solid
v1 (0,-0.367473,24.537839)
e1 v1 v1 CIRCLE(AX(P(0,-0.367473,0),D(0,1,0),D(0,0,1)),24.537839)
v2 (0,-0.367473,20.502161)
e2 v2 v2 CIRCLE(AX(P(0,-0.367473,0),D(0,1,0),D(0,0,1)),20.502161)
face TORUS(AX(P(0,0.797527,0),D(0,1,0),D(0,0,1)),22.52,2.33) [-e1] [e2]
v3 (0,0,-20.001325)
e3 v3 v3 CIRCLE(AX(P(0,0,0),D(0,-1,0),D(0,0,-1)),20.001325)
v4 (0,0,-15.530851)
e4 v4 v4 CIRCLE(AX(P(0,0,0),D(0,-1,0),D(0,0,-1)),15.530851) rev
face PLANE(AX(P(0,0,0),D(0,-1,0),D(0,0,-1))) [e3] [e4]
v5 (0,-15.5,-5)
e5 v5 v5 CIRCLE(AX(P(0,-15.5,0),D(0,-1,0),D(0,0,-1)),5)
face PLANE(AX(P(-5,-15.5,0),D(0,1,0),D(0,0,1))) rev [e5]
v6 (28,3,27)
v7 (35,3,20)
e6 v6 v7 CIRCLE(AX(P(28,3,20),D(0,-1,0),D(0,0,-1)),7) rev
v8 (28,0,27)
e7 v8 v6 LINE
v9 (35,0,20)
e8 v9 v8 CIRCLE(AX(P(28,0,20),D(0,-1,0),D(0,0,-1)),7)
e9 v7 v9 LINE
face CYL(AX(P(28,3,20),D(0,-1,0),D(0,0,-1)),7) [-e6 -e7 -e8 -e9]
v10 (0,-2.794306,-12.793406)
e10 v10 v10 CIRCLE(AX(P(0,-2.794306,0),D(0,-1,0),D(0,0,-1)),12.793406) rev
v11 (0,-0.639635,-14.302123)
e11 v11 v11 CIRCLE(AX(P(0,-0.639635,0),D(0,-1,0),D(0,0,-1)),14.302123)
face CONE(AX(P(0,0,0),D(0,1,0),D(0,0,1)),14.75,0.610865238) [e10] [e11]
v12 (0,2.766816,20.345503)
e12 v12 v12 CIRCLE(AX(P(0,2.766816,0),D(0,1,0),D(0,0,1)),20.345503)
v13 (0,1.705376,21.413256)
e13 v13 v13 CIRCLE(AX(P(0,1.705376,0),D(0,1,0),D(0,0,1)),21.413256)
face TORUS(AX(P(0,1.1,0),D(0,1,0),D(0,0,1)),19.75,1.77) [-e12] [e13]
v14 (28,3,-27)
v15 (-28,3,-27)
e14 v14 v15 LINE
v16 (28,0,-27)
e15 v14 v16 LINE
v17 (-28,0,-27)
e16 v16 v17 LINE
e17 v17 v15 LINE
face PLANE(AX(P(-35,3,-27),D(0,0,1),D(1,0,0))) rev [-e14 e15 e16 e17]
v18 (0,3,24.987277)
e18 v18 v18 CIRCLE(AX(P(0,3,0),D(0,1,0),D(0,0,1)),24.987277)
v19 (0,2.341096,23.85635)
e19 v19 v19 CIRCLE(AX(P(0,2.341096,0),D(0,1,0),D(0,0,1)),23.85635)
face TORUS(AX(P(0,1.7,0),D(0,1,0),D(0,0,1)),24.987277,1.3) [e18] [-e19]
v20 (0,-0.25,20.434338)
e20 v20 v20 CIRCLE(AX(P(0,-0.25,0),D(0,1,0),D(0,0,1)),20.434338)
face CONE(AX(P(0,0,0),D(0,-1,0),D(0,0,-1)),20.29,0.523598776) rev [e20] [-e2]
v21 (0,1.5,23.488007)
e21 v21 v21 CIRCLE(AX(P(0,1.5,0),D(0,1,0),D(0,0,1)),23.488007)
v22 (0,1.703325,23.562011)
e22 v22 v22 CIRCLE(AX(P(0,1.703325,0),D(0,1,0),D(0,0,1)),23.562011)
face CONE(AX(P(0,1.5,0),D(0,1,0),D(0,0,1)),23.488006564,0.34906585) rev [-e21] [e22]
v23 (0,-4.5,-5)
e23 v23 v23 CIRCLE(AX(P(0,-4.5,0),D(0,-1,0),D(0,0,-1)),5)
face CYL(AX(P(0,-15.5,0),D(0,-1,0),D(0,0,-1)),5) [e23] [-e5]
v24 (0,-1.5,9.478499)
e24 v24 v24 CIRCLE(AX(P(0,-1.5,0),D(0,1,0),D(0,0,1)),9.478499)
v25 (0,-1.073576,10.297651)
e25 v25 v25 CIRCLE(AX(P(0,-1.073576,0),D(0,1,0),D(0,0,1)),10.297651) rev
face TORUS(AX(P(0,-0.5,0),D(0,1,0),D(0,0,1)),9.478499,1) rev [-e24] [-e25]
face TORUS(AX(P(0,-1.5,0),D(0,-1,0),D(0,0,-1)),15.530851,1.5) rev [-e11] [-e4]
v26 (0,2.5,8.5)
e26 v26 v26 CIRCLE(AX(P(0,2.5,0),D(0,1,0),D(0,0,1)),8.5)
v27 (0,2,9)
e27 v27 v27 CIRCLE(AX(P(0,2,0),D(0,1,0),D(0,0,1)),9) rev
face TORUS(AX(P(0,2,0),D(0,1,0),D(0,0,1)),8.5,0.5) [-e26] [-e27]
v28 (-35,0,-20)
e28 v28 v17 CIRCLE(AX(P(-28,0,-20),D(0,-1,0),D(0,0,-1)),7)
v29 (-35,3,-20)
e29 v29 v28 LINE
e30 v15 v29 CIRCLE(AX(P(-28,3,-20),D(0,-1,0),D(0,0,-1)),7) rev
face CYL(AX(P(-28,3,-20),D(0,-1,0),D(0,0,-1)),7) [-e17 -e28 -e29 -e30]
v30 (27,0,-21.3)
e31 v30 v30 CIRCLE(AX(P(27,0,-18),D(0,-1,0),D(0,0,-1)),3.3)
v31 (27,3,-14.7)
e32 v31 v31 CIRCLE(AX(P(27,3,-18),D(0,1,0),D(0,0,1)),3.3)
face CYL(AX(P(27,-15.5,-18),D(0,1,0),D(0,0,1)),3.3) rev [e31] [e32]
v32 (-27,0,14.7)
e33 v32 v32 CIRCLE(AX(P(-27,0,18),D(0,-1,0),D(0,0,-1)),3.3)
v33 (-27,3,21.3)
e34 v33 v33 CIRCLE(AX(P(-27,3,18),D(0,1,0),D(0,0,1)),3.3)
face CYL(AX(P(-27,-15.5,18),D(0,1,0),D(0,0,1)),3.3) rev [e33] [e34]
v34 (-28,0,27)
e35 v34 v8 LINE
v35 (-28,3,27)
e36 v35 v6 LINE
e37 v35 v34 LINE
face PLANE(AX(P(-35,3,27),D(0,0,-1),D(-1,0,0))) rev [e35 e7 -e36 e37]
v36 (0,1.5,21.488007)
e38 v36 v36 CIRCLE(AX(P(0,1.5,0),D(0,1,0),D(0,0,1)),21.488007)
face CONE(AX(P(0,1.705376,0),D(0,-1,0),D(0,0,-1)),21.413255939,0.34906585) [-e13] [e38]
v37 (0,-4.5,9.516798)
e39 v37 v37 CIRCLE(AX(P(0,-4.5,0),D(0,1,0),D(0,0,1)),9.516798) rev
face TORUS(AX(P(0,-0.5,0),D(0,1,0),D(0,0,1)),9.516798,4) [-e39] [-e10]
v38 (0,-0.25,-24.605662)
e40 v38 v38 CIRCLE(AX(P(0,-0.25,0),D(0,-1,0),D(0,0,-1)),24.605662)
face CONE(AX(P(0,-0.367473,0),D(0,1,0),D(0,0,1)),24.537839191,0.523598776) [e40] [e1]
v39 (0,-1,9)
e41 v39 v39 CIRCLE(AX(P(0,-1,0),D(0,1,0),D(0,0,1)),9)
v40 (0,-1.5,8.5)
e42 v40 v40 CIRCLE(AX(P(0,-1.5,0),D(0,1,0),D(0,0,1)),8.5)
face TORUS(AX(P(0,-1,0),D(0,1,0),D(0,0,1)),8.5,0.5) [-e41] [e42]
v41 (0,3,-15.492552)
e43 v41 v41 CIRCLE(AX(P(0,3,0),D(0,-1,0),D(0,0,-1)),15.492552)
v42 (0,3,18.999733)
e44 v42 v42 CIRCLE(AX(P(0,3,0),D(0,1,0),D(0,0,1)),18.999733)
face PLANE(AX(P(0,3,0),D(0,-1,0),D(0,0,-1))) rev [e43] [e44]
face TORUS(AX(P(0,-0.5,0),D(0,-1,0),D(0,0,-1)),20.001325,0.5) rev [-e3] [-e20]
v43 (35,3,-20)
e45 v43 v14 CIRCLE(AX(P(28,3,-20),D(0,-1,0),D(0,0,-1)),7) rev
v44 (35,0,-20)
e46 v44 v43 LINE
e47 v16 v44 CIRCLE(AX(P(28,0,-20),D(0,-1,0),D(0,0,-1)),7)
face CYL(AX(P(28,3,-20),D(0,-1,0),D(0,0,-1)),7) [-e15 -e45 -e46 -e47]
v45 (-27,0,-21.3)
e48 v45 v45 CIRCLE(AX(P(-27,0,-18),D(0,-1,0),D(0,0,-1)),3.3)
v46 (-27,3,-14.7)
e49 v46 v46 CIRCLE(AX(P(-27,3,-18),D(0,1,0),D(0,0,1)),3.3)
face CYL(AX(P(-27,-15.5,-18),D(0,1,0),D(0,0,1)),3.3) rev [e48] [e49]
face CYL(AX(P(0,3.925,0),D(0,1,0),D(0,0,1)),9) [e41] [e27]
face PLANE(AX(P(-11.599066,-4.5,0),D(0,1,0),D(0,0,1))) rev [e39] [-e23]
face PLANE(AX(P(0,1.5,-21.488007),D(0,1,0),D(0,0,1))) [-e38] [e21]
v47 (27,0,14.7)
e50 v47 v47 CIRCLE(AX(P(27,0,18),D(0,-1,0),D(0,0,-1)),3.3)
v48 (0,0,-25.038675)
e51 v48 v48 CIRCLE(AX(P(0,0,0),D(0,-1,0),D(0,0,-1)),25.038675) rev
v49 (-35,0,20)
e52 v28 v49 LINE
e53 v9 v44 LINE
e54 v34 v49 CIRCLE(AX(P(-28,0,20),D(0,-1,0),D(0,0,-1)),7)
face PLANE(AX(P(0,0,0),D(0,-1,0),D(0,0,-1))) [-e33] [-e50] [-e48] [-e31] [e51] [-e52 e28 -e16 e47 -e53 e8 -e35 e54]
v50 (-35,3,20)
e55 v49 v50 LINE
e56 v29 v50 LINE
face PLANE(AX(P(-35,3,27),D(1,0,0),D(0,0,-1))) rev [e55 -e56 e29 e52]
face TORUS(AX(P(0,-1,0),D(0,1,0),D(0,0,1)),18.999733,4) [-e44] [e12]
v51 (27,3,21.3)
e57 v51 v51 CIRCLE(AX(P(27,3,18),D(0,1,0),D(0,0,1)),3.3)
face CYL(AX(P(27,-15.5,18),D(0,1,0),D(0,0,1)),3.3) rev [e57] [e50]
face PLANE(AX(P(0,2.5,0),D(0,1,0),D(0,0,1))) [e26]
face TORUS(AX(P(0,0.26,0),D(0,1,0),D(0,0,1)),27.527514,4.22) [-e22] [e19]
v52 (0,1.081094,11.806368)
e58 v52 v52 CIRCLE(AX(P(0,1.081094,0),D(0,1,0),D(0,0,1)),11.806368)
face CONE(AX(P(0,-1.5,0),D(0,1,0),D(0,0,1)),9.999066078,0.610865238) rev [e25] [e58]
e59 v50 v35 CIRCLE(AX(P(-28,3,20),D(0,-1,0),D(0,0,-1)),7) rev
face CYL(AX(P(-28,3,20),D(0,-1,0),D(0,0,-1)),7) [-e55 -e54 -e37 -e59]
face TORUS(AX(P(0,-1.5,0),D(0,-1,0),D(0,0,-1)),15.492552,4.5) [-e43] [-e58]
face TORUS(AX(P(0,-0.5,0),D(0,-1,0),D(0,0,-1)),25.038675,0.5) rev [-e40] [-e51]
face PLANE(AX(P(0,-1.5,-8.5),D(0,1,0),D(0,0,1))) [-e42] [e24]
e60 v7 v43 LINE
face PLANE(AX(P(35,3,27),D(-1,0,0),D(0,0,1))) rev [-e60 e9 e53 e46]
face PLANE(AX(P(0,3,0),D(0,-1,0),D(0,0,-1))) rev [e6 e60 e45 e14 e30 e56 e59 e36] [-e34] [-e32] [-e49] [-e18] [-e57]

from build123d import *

# Parameters (mm, degrees)
SKETCH1_W           = 70
SKETCH1_H           = 54
BOSS_EXTRUDE1_DEPTH = 3
FILLET1_R           = 4
FILLET2_R           = 1.5
FILLET3_R           = 7
SKETCH6_R           = 3.3
CUT_EXTRUDE1_DEPTH  = 19.5
FILLET4_R           = 4.5
FILLET5_R           = 1
FILLET6_R           = 0.5


with BuildPart() as part:
    # Sketch1 → Boss-Extrude1 (new body)
    with BuildSketch(Plane(origin=(0, 0, 0), x_dir=(1, 0, 0), z_dir=(0, 1, 0))):
        Rectangle(SKETCH1_W, SKETCH1_H)
    extrude(amount=BOSS_EXTRUDE1_DEPTH)

    # Sketch2 → Revolve1 (revolve)
    with BuildSketch(Plane.XY):
        Polygon((-14.75, 0), (-11.599066078, -4.5), (-5, -4.5), (-5, -15.5), (0, -15.5), (0, 0), align=None)
    revolve(axis=Axis((0, -15.5, 0), (0, 1, 0)))

    # Fillet1
    fillet1_edges = [part.edges().sort_by_distance(p)[0] for p in [
        (11.599066078, -4.5, 0),
    ]]
    fillet(fillet1_edges, radius=FILLET1_R)

    # Fillet2
    fillet2_edges = [part.edges().sort_by_distance(p)[0] for p in [
        (14.75, 0, 0),
    ]]
    fillet(fillet2_edges, radius=FILLET2_R)

    # Fillet3
    fillet3_edges = [part.edges().sort_by_distance(p)[0] for p in [
        (35, 1.5, 27),
        (-35, 1.5, 27),
        (-35, 1.5, -27),
        (35, 1.5, -27),
    ]]
    fillet(fillet3_edges, radius=FILLET3_R)

    # Sketch3 → Revolve2 (revolve)
    with BuildSketch(Plane(origin=(0, 0, 0), x_dir=(0, 0, -1), z_dir=(1, 0, 0))):
        with BuildLine():
            Line((20.29, 0), (20.502160809, -0.367473301))
            ThreePointArc((20.502160809, -0.367473301), (22.52, -1.532473301), (24.537839191, -0.367473301))
            Line((24.537839191, -0.367473301), (24.75, 0))
            Line((24.75, 0), (20.29, 0))
        make_face()
    revolve(axis=Axis((0, 3.925, 0), (0, -1, 0)))

    # Sketch4 → Cut-Revolve1 (revolve, cut)
    with BuildSketch(Plane(origin=(0, 0, 0), x_dir=(0, 0, -1), z_dir=(1, 0, 0))):
        with BuildLine():
            Line((0, 3), (0, 2.5))
            Line((0, 2.5), (9, 2.5))
            Line((9, 2.5), (9, -1))
            ThreePointArc((9, -1), (8.853553391, -1.353553391), (8.5, -1.5))
            Line((8.5, -1.5), (9.999066078, -1.5))
            Line((9.999066078, -1.5), (13.15, 3))
            Line((13.15, 3), (0, 3))
        make_face()
    revolve(axis=Axis((0, 3.925, 0), (0, -1, 0)), mode=Mode.SUBTRACT)

    # Sketch5 → Cut-Revolve2 (revolve, cut)
    with BuildSketch(Plane(origin=(0, 0, 0), x_dir=(0, 0, -1), z_dir=(1, 0, 0))):
        with BuildLine():
            Line((21.413255939, 1.705375654), (21.488006564, 1.5))
            Line((21.488006564, 1.5), (23.488006564, 1.5))
            Line((23.488006564, 1.5), (23.562010813, 1.703325005))
            ThreePointArc((23.562010813, 1.703325005), (23.695887988, 2.028345161), (23.856350384, 2.34109589))
            ThreePointArc((23.856350384, 2.34109589), (24.332840552, 2.823259689), (24.987277463, 3))
            Line((24.987277463, 3), (18.999733381, 3))
            ThreePointArc((18.999733381, 3), (19.682644585, 2.941272927), (20.345503101, 2.766816143))
            ThreePointArc((20.345503101, 2.766816143), (20.997863005, 2.355284), (21.413255939, 1.705375654))
        make_face()
    revolve(axis=Axis((0, 3.925, 0), (0, -1, 0)), mode=Mode.SUBTRACT)

    # Sketch6 → Cut-Extrude1 (cut, through all)
    with BuildSketch(Plane(origin=(0, 3, 0), x_dir=(1, 0, 0), z_dir=(0, 1, 0))):
        with Locations((-27, 18)):
            Circle(SKETCH6_R)
        with Locations((27, 18)):
            Circle(SKETCH6_R)
        with Locations((27, -18)):
            Circle(SKETCH6_R)
        with Locations((-27, -18)):
            Circle(SKETCH6_R)
    extrude(amount=-CUT_EXTRUDE1_DEPTH, mode=Mode.SUBTRACT)

    # Fillet4
    fillet4_edges = [part.edges().sort_by_distance(p)[0] for p in [
        (0, 3, 13.15),
    ]]
    fillet(fillet4_edges, radius=FILLET4_R)

    # Fillet5
    fillet5_edges = [part.edges().sort_by_distance(p)[0] for p in [
        (0, -1.5, 9.999066078),
    ]]
    fillet(fillet5_edges, radius=FILLET5_R)

    # Fillet6
    fillet6_edges = [part.edges().sort_by_distance(p)[0] for p in [
        (0, 0, 24.75),
        (0, 0, 20.29),
        (0, 2.5, 9),
    ]]
    fillet(fillet6_edges, radius=FILLET6_R)


solid = part.part
